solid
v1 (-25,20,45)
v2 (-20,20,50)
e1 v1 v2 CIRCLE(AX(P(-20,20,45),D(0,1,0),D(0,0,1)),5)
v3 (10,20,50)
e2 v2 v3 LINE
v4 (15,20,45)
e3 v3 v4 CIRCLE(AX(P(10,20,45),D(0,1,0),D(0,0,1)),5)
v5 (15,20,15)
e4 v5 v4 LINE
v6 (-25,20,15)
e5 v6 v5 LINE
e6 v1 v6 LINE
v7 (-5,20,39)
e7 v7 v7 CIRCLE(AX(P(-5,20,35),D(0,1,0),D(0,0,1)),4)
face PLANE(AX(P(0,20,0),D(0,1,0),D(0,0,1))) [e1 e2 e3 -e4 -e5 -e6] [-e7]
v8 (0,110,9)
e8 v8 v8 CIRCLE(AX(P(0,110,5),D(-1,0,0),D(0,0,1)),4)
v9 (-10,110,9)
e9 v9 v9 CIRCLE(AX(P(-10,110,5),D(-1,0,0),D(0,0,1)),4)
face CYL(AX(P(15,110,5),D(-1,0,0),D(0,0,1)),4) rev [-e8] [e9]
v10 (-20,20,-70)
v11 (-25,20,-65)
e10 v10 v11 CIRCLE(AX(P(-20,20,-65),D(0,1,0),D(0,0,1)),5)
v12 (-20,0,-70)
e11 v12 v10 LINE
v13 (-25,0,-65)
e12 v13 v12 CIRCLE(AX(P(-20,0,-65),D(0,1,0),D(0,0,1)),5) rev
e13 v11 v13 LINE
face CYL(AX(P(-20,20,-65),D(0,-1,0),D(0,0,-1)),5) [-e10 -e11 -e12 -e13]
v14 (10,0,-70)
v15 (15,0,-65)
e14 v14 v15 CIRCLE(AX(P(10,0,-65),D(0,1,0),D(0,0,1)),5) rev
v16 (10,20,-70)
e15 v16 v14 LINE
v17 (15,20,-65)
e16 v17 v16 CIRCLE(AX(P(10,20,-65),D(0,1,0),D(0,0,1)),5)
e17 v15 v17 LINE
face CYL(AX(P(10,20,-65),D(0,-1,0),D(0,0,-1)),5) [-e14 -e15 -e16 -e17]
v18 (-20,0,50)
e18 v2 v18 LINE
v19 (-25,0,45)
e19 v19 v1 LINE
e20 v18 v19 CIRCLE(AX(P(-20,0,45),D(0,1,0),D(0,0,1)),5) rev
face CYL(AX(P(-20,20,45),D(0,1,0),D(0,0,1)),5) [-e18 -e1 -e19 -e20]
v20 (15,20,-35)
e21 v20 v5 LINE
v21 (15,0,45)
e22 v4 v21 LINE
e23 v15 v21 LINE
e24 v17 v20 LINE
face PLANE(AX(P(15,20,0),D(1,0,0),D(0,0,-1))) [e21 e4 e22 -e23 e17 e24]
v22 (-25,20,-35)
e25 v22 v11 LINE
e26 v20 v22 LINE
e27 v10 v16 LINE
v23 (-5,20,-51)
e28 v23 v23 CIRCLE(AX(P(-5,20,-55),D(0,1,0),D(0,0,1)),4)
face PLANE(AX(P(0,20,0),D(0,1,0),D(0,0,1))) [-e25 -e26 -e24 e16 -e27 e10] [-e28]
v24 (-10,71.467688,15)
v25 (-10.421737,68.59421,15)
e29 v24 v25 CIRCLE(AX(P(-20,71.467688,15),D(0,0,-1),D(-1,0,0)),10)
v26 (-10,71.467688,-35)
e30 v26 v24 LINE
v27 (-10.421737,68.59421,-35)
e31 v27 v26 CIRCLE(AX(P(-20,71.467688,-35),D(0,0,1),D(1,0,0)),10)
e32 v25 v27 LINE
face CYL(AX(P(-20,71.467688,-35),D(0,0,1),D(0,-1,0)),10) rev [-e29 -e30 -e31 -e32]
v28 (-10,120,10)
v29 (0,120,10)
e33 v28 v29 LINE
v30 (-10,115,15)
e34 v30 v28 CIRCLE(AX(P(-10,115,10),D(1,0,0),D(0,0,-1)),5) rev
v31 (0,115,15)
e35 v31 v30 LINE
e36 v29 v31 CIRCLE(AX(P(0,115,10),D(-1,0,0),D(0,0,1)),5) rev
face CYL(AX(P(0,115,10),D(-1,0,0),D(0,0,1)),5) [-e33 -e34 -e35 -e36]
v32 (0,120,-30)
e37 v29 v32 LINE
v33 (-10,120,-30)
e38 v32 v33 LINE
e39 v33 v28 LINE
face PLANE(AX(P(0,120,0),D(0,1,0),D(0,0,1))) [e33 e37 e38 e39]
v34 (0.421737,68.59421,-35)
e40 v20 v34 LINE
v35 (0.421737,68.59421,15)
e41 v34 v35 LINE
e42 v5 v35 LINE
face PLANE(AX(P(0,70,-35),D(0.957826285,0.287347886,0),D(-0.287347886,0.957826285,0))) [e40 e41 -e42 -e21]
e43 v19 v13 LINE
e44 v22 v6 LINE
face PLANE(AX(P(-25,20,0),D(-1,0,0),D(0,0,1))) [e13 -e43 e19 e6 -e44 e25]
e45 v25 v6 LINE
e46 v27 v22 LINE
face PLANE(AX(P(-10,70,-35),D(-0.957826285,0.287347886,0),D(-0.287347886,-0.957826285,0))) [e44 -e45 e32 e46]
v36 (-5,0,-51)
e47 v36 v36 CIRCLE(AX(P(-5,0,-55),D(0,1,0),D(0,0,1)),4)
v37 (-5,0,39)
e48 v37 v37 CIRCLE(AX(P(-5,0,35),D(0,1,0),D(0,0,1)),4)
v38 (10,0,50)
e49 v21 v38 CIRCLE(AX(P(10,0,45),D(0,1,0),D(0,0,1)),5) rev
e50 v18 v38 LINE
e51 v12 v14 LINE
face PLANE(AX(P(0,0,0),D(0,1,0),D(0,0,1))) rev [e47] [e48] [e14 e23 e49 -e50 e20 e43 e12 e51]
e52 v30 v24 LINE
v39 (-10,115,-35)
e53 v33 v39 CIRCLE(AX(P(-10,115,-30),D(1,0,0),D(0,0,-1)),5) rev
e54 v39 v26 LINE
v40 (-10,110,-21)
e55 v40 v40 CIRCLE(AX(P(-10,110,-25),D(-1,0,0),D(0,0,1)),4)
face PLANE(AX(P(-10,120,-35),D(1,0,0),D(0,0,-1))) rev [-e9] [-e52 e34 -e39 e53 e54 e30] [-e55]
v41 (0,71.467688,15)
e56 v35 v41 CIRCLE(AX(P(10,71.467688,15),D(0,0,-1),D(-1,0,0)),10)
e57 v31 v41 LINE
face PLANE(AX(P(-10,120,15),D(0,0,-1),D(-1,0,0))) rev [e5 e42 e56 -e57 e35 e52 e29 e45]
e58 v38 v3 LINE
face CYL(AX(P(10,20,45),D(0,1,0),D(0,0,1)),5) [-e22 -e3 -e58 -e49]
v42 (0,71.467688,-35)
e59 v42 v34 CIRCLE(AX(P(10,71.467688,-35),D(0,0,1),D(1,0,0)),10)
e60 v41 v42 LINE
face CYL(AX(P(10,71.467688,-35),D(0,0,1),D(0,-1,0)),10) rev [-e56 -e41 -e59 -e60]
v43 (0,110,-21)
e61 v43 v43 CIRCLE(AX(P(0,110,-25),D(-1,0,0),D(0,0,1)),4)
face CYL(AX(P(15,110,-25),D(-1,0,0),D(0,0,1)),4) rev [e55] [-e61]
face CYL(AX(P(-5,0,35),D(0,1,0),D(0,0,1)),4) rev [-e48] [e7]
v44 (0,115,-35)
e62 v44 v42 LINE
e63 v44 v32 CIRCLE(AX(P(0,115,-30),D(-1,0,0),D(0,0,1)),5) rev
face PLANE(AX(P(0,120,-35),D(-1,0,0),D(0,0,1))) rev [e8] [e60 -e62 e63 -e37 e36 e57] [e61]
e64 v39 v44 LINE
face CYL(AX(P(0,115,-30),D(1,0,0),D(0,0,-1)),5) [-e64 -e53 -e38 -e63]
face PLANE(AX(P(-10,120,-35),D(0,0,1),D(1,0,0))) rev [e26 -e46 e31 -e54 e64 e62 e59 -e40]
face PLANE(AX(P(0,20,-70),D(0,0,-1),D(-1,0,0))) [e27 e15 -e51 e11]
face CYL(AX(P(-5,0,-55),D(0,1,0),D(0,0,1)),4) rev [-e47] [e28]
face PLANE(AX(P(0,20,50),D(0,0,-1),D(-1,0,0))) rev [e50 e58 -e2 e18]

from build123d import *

# Parameters (mm, degrees)
BOSS_EXTRUDE1_DEPTH = 20
SKETCH2_W           = 10
SKETCH2_H           = 50
BOSS_EXTRUDE2_DEPTH = 100
SKETCH4_R           = 4
CUT_EXTRUDE2_DEPTH  = 125.599357944
FILLET1_R           = 5
SKETCH7_R           = 4
CUT_EXTRUDE3_DEPTH  = 142.155942135
BOSS_EXTRUDE3_DEPTH = 50
FILLET2_R           = 10
BOSS_EXTRUDE4_DEPTH = 50
FILLET3_R           = 10


with BuildPart() as part:
    # Sketch1 → Boss-Extrude1 (new body)
    with BuildSketch(Plane(origin=(0, 0, 0), x_dir=(1, 0, 0), z_dir=(0, 1, 0))):
        Polygon((-25, 45), (-25, 30), (-25, -30), (-25, -50), (15, -50), (15, -30), (15, 30), (15, 70), (-25, 70), align=None)
    extrude(amount=BOSS_EXTRUDE1_DEPTH)

    # Sketch2 → Boss-Extrude2 (add)
    with BuildSketch(Plane(origin=(0, 20, 0), x_dir=(1, 0, 0), z_dir=(0, 1, 0))):
        with Locations((-5, 10)):
            Rectangle(SKETCH2_W, SKETCH2_H)
    extrude(amount=BOSS_EXTRUDE2_DEPTH)

    # Sketch4 → Cut-Extrude2 (cut, through all)
    with BuildSketch(Plane(origin=(0, 20, 0), x_dir=(1, 0, 0), z_dir=(0, 1, 0))):
        with Locations(Location((-5, 55, 0), (0, 0, 270))):
            Circle(SKETCH4_R)
        with Locations(Location((-5, -35, 0), (0, 0, 270))):
            Circle(SKETCH4_R)
    extrude(amount=-CUT_EXTRUDE2_DEPTH, mode=Mode.SUBTRACT)

    # Fillet1
    fillet1_edges = [part.edges().sort_by_distance(p)[0] for p in [
        (-25, 10, -70),
        (15, 10, -70),
        (15, 10, 50),
        (-25, 10, 50),
        (-5, 120, 15),
        (-5, 120, -35),
    ]]
    fillet(fillet1_edges, radius=FILLET1_R)

    # Sketch7 → Cut-Extrude3 (cut, through all)
    with BuildSketch(Plane.ZY.offset(10)):
        with Locations((-25, 110)):
            Circle(SKETCH7_R)
        with Locations((5, 110)):
            Circle(SKETCH7_R)
    extrude(amount=-CUT_EXTRUDE3_DEPTH, mode=Mode.SUBTRACT)

    # Sketch9 → Boss-Extrude3 (add)
    with BuildSketch(Plane.XY.offset(15)):
        Polygon((-10, 20), (-25, 20), (-10, 70), align=None)
    extrude(amount=-BOSS_EXTRUDE3_DEPTH)

    # Fillet2
    fillet2_edges = [part.edges().sort_by_distance(p)[0] for p in [
        (-10, 70, -10),
    ]]
    fillet(fillet2_edges, radius=FILLET2_R)

    # Sketch10 → Boss-Extrude4 (add)
    with BuildSketch(Plane.XY.offset(15)):
        Polygon((0, 20), (15, 20), (0, 70), align=None)
    extrude(amount=-BOSS_EXTRUDE4_DEPTH)

    # Fillet3
    fillet3_edges = [part.edges().sort_by_distance(p)[0] for p in [
        (0, 70, -10),
    ]]
    fillet(fillet3_edges, radius=FILLET3_R)


solid = part.part
